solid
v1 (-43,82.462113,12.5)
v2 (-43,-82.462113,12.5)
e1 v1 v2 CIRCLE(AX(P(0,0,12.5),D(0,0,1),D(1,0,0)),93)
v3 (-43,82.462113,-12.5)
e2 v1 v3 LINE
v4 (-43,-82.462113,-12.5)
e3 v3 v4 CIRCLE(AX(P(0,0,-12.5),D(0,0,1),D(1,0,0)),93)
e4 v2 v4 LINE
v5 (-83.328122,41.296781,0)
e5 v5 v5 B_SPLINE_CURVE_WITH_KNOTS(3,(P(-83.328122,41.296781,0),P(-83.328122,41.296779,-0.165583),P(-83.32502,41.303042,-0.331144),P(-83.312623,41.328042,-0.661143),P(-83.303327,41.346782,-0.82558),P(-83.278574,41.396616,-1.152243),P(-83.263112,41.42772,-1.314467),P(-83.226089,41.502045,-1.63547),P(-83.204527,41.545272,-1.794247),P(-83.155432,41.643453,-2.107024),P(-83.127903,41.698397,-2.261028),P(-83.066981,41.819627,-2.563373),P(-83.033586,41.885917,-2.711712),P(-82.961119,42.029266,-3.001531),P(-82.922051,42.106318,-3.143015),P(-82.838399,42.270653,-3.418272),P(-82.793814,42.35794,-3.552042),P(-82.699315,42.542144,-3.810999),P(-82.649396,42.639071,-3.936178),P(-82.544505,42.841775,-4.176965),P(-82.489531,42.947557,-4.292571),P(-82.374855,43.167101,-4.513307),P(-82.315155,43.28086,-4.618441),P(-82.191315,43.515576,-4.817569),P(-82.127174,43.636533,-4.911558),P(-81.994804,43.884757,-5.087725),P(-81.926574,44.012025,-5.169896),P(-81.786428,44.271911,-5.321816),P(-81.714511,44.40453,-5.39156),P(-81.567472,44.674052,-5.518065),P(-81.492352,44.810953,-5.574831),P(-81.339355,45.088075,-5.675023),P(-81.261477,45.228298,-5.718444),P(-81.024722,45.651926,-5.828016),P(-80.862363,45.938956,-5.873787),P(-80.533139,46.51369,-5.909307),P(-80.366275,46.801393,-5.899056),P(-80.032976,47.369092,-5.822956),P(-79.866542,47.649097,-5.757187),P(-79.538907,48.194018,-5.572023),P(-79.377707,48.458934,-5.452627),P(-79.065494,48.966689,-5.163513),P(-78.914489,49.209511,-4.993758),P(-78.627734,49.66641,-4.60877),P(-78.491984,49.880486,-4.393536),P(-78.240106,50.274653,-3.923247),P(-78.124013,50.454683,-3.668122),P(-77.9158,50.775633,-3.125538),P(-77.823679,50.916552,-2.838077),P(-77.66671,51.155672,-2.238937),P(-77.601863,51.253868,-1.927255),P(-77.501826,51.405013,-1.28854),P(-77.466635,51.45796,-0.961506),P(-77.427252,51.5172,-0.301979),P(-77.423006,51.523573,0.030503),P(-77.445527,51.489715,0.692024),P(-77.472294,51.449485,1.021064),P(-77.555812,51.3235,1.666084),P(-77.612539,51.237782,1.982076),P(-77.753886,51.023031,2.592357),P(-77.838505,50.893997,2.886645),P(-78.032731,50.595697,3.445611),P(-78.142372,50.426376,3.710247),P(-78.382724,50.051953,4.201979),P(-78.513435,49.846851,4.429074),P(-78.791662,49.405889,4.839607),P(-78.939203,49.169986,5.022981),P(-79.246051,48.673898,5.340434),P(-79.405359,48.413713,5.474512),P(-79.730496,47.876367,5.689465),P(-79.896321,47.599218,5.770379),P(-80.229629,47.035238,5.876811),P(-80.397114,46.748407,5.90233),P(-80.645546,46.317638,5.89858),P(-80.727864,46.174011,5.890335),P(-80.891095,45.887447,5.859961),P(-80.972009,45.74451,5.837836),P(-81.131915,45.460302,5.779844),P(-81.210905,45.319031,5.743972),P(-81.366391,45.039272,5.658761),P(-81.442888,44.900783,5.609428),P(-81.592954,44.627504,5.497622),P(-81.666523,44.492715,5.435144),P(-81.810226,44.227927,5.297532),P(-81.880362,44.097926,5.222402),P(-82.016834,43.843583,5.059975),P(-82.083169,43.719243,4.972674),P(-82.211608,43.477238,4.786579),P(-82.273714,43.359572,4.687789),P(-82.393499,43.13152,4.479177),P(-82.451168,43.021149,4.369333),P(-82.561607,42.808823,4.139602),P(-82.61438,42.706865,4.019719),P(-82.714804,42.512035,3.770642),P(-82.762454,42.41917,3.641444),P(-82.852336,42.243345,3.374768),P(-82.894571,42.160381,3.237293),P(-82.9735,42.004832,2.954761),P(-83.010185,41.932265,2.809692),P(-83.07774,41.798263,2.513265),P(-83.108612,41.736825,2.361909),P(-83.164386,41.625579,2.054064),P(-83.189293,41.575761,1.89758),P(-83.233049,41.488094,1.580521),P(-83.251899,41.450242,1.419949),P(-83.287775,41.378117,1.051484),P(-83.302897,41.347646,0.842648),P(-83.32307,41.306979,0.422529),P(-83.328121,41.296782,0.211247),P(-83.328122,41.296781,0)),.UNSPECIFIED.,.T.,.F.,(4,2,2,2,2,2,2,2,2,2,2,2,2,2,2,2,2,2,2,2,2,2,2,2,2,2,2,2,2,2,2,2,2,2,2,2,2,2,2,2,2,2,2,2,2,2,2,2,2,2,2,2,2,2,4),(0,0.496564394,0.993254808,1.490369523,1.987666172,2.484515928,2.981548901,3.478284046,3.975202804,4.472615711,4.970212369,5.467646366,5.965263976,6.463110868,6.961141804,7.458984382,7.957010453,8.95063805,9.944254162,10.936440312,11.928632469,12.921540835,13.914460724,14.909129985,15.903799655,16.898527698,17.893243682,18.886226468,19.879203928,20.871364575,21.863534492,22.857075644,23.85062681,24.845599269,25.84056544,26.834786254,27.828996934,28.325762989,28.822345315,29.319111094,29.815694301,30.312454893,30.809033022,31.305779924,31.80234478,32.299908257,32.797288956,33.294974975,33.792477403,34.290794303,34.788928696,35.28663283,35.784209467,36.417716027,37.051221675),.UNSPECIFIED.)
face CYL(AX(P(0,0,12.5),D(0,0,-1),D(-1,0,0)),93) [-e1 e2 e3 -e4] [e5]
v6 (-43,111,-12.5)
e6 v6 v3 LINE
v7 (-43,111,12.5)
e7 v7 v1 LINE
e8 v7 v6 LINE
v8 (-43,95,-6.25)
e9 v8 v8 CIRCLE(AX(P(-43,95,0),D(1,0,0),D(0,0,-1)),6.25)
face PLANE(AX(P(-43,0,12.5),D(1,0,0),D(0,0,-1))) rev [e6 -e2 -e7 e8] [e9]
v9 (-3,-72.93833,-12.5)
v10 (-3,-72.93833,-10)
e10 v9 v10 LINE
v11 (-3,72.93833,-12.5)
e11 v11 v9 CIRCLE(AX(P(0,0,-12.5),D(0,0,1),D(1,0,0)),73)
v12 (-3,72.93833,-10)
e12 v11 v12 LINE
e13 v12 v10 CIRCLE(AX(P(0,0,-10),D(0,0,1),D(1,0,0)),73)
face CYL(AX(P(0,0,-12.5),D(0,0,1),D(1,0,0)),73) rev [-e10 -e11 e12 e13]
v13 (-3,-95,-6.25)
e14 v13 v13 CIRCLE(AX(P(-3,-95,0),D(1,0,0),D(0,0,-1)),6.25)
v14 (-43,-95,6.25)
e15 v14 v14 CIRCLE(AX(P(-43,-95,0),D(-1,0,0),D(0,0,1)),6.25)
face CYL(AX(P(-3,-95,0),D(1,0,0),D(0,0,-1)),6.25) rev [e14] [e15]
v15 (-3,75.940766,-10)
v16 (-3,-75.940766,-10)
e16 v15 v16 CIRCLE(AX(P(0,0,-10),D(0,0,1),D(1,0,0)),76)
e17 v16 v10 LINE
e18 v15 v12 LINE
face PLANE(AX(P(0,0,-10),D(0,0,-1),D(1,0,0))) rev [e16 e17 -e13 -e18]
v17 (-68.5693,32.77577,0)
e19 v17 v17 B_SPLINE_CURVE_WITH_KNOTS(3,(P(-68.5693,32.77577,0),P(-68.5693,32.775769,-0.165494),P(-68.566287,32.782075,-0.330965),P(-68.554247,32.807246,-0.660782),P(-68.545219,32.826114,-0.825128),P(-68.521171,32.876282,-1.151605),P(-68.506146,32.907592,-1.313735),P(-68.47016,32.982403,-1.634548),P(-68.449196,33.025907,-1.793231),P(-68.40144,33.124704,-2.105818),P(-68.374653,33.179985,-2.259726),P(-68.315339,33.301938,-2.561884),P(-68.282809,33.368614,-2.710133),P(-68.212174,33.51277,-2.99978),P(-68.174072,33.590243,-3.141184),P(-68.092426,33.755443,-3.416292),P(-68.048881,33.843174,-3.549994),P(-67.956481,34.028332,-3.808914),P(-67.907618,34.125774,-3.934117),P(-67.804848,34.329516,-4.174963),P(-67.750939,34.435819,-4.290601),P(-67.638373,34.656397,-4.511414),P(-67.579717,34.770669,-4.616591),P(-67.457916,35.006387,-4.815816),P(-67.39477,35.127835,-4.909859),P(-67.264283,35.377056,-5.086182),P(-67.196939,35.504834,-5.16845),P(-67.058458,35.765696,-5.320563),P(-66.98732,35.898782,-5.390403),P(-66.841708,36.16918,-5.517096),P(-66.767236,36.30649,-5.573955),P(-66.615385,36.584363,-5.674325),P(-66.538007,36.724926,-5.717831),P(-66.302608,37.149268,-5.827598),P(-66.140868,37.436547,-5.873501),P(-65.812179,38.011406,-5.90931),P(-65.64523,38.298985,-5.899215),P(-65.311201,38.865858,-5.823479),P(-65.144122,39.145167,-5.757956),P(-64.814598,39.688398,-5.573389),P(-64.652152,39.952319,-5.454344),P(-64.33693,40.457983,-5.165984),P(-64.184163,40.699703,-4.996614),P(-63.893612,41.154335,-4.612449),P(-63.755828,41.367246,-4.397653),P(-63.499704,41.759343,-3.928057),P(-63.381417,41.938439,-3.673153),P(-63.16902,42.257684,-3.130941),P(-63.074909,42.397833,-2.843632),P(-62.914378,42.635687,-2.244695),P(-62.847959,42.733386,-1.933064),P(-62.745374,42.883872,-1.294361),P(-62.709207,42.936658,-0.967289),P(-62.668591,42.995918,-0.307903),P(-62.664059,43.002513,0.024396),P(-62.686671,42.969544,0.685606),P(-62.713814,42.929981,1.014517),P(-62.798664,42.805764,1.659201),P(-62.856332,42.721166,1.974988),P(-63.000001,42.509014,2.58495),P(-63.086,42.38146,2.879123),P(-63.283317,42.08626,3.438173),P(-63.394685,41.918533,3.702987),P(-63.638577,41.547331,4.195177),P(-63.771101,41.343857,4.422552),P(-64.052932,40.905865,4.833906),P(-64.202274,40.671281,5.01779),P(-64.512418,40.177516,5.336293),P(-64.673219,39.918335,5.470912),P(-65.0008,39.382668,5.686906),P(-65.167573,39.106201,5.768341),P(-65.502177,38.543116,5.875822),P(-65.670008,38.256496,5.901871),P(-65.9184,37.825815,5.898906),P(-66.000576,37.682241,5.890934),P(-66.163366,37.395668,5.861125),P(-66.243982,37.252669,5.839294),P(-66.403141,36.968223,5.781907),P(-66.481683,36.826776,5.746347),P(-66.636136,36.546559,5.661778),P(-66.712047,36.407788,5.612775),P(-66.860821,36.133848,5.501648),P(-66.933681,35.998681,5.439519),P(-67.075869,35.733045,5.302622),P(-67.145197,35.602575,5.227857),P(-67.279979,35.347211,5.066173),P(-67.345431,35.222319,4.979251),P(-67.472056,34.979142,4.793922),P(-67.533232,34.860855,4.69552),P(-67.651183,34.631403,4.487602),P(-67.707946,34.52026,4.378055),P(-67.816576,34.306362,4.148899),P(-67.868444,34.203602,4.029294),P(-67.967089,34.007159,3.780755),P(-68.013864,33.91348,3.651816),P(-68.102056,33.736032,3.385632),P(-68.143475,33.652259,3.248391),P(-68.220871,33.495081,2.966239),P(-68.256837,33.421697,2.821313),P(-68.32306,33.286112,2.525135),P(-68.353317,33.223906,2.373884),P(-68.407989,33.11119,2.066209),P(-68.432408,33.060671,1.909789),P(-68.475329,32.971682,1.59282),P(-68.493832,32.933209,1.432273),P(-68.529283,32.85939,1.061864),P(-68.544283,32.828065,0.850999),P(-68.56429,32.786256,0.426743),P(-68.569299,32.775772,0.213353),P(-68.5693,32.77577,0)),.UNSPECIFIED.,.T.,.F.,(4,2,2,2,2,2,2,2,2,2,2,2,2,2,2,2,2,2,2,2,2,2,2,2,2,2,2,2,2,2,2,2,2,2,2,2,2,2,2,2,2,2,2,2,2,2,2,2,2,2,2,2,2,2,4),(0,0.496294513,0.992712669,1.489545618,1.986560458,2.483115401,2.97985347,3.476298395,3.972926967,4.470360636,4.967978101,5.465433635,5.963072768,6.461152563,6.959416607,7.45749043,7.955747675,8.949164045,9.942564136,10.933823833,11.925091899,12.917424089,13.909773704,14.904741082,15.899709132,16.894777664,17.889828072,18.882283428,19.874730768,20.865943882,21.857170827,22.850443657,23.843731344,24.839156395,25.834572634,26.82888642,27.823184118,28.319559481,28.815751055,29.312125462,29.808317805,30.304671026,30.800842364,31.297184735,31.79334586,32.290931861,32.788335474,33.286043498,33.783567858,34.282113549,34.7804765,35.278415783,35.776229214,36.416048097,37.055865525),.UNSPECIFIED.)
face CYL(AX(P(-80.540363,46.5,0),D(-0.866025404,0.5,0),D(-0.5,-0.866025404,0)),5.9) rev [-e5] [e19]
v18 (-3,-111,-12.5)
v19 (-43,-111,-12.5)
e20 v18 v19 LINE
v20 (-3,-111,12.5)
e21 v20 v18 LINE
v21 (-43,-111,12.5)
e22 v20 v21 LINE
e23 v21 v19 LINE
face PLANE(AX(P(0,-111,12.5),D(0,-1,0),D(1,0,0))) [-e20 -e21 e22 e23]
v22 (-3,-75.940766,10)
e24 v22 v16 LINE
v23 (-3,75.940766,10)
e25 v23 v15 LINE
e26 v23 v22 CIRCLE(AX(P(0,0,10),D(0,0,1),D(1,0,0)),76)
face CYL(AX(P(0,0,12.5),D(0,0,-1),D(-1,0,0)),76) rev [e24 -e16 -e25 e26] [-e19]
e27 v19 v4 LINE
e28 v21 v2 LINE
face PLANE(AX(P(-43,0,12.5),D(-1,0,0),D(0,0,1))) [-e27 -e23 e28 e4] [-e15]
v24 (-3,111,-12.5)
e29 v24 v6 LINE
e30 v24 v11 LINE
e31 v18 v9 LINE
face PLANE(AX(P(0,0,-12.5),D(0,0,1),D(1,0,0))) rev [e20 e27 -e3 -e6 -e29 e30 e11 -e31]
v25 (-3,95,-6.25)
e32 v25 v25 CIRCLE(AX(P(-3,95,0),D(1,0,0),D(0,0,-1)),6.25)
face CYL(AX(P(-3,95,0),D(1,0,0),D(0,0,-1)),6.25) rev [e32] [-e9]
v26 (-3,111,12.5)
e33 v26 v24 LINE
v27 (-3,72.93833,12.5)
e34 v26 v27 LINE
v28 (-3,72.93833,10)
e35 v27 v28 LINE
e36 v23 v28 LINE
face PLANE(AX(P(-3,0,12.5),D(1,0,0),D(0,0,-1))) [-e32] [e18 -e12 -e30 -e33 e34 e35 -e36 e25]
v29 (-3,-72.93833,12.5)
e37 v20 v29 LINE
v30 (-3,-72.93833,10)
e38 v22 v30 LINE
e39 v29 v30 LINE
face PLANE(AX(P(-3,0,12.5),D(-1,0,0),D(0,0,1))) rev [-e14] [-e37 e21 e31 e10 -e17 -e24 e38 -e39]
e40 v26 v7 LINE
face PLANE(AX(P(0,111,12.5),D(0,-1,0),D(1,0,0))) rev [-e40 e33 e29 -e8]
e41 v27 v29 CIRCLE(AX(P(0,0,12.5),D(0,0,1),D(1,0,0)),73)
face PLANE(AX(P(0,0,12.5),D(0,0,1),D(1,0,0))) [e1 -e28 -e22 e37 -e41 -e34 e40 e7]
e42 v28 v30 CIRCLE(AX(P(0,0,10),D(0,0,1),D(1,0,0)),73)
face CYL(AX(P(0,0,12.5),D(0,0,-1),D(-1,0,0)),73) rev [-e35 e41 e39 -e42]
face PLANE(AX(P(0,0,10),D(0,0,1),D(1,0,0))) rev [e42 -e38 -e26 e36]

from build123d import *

# Parameters (mm, degrees)
BOSS_EXTRUDE1_DEPTH    = 12.5
BOSS_EXTRUDE2_START    = 12.5
BOSS_EXTRUDE2_DEPTH    = 2.5
F_12_0MM_DOWEL_HOLE1_D = 12.5
G1_4_TAPPED_HOLE1_D    = 11.8


with BuildPart() as part:
    # Sketch1 → Boss-Extrude1 (new, symmetric)
    with BuildSketch(Plane.XY):
        with BuildLine():
            Line((-3, 111), (-43, 111))
            Line((-43, 111), (-43, 82.462112512))
            ThreePointArc((-43, 82.462112512), (-93, 0), (-43, -82.462112512))
            Line((-43, -82.462112512), (-43, -111))
            Line((-43, -111), (-3, -111))
            Line((-3, -111), (-3, -75.940766391))
            ThreePointArc((-3, -75.940766391), (-76, 0), (-3, 75.940766391))
            Line((-3, 75.940766391), (-3, 111))
        make_face()
    extrude(amount=BOSS_EXTRUDE1_DEPTH, both=True)

    # Sketch1<3> → Boss-Extrude2 (add)
    with BuildSketch(Plane.XY.offset(BOSS_EXTRUDE2_START)):
        with BuildLine():
            Line((-3, 72.938330115), (-3, 75.940766391))
            ThreePointArc((-3, 75.940766391), (-76, 0), (-3, -75.940766391))
            Line((-3, -75.940766391), (-3, -72.938330115))
            ThreePointArc((-3, -72.938330115), (-73, 0), (-3, 72.938330115))
        make_face()
    boss_extrude2 = extrude(amount=-BOSS_EXTRUDE2_DEPTH)

    # Ø12.0mm Dowel Hole1 (through all)
    with Locations(Plane(origin=(-3, 0, 0), x_dir=(0, 0, -1), z_dir=(1, 0, 0))):
        with Locations((0, 95), (0, -95)):
            Hole(F_12_0MM_DOWEL_HOLE1_D / 2)

    # Mirror2: Boss-Extrude2 across plane
    add(boss_extrude2.mirror(Plane.XY))

    # G1/4 Tapped Hole1 (through all)
    with Locations(Plane(origin=(-80.540362552, 46.5, 0), x_dir=(0, 0, 1), z_dir=(-0.8660254037844382, 0.500000000000001, 0))):
        with Locations((0, 0)):
            Hole(G1_4_TAPPED_HOLE1_D / 2)


solid = part.part
